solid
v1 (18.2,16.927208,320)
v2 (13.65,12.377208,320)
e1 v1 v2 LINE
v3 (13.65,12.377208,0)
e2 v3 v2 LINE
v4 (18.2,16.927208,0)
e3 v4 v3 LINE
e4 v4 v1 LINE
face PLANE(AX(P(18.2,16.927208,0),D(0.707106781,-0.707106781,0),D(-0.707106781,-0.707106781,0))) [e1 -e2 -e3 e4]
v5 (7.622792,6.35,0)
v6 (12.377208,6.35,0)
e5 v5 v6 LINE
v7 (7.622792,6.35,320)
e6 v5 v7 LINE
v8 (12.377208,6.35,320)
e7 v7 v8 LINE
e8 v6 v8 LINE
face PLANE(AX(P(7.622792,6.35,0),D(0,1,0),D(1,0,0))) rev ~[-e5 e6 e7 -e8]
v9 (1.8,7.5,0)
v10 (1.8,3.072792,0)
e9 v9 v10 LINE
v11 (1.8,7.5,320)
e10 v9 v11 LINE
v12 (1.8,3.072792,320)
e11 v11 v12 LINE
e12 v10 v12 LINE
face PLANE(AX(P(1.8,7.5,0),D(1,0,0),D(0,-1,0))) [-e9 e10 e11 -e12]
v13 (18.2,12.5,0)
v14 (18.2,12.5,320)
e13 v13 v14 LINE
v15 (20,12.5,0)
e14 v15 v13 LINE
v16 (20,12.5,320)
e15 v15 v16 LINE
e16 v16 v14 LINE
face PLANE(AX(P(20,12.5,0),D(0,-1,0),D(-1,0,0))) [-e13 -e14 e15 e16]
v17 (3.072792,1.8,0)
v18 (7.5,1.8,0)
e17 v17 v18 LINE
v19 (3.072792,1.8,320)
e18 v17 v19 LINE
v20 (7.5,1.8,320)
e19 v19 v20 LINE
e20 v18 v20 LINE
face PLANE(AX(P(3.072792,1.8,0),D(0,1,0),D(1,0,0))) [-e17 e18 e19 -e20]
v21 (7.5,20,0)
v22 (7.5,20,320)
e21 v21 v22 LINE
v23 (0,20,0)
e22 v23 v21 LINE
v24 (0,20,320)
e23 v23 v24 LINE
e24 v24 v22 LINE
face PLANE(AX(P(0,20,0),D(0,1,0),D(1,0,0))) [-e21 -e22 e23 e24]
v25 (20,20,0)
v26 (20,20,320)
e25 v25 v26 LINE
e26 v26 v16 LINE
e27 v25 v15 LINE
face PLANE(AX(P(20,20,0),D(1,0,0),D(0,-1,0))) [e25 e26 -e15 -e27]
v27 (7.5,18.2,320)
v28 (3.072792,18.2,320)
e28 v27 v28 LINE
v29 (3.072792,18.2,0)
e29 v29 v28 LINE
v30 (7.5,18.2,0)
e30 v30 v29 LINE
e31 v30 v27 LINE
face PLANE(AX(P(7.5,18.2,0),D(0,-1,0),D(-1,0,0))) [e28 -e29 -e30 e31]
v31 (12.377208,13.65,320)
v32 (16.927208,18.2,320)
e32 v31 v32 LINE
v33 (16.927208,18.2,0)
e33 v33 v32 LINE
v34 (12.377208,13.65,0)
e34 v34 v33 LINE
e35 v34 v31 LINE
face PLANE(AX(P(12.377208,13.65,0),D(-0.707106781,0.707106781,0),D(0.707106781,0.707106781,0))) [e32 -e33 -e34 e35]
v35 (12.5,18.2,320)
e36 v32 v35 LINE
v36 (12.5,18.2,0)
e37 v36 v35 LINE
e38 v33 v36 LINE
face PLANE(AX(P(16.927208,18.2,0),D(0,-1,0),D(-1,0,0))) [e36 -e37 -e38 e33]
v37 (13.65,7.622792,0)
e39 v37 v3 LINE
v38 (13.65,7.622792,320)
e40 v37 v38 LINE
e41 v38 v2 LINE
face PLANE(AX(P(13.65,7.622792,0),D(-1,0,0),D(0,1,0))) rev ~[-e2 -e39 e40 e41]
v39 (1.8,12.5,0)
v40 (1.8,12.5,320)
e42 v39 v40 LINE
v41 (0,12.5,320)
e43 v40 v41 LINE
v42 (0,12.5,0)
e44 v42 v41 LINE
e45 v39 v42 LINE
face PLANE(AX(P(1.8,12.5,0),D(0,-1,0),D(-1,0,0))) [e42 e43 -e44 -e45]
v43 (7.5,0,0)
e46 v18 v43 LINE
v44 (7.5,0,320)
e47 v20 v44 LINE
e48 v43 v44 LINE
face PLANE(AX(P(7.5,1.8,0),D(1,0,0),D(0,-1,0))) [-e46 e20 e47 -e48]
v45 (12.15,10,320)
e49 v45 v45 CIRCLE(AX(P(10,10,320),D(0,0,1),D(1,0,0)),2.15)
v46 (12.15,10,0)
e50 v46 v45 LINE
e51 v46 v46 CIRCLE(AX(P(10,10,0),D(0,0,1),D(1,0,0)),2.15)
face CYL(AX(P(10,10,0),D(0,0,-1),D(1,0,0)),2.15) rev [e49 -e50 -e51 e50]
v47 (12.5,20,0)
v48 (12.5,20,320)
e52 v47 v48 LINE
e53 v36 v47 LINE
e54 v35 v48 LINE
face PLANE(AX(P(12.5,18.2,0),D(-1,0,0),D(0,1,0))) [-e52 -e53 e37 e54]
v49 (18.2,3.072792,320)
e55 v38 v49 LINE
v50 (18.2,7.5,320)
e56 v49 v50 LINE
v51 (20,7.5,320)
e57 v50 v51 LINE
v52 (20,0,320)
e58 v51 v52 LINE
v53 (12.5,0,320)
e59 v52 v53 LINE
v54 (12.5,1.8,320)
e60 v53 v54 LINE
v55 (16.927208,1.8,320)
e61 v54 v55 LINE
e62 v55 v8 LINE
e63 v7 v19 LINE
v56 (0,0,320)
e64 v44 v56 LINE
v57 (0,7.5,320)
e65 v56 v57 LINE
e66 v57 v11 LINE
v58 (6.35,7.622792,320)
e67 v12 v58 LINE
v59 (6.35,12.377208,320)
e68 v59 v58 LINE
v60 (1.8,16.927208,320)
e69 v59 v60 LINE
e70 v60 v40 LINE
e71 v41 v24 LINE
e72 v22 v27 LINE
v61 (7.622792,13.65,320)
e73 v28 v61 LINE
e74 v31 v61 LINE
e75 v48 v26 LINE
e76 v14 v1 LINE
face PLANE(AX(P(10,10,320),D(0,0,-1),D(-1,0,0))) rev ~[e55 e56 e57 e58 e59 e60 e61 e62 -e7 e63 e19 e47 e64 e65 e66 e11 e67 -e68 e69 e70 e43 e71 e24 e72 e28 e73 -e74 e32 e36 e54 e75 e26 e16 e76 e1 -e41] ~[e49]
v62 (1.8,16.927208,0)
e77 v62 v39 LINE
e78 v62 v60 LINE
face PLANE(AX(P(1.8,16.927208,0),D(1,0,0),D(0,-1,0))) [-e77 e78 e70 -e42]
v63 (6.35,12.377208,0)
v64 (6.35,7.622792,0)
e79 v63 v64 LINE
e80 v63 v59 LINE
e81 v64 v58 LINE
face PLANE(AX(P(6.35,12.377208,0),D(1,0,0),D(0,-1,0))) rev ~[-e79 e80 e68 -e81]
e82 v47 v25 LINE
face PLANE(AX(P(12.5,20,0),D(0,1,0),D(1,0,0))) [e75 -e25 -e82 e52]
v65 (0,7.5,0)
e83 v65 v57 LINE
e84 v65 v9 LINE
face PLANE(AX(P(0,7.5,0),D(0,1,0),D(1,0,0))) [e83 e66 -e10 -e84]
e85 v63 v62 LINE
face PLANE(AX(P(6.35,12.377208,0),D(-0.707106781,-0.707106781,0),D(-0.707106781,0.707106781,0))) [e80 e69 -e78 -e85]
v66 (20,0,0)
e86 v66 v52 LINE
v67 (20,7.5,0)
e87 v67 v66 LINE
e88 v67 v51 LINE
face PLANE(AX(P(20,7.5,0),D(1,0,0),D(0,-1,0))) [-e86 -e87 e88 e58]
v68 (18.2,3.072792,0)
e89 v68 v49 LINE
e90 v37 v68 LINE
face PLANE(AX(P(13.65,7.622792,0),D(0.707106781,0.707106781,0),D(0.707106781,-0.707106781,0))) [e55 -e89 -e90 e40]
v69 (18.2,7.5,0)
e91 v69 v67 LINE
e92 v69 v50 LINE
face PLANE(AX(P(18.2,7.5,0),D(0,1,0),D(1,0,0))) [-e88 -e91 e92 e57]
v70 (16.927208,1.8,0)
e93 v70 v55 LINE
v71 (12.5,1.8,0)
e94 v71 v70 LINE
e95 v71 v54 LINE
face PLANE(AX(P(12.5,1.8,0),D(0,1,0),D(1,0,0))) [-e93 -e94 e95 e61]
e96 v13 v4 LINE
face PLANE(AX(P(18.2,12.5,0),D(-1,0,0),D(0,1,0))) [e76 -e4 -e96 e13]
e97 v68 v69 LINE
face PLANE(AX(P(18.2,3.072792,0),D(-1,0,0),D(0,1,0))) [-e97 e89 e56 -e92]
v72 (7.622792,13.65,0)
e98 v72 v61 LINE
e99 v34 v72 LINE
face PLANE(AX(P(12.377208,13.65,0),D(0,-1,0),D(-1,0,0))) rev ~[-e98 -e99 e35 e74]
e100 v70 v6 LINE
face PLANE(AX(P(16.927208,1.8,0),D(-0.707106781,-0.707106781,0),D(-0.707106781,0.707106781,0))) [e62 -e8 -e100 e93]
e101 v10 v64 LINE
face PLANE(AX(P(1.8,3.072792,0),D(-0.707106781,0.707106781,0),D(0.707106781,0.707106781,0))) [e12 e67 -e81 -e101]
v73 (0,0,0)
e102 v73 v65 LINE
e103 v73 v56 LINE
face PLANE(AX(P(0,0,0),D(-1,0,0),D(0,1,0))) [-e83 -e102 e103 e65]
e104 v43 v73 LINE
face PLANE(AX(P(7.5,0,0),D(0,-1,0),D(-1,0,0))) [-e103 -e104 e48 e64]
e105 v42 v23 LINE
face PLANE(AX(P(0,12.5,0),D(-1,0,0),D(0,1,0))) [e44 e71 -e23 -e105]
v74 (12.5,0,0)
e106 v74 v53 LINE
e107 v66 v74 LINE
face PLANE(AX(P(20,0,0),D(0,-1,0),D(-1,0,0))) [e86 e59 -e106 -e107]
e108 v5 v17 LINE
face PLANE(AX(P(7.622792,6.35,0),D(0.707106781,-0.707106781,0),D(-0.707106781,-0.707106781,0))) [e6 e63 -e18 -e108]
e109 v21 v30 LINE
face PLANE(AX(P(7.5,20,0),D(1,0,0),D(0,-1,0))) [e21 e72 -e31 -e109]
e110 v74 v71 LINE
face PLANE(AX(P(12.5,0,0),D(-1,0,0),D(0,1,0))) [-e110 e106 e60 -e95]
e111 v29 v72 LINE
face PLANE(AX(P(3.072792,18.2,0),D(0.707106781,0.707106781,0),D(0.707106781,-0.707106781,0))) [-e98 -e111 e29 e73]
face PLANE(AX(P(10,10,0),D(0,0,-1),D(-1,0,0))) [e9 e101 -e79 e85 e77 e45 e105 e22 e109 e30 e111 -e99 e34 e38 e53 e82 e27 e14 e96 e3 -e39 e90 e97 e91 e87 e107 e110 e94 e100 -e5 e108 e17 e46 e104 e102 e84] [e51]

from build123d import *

# Parameters (mm, degrees)
ESQUISSE1_R        = 2.15
BOSS_EXTRU_1_DEPTH = 320


with BuildPart() as part:
    # Esquisse1 → Boss.-Extru.1 (new body)
    with BuildSketch(Plane.XY):
        Polygon((20, 12.5), (18.2, 12.5), (18.2, 16.927207794), (13.65, 12.377207794), (13.65, 10), (13.65, 7.622792206), (18.2, 3.072792206), (18.2, 7.5), (20, 7.5), (20, 0), (12.5, 0), (12.5, 1.8), (16.927207794, 1.8), (12.377207794, 6.35), (10, 6.35), (7.622792206, 6.35), (3.072792206, 1.8), (7.5, 1.8), (7.5, 0), (0, 0), (0, 7.5), (1.8, 7.5), (1.8, 3.072792206), (6.35, 7.622792206), (6.35, 10), (6.35, 12.377207794), (1.8, 16.927207794), (1.8, 12.5), (0, 12.5), (0, 20), (7.5, 20), (7.5, 18.2), (3.072792206, 18.2), (7.622792206, 13.65), (10, 13.65), (12.377207794, 13.65), (16.927207794, 18.2), (12.5, 18.2), (12.5, 20), (20, 20), align=None)
        with Locations((10, 10)):
            Circle(ESQUISSE1_R, mode=Mode.SUBTRACT)
    extrude(amount=BOSS_EXTRU_1_DEPTH)


solid = part.part
